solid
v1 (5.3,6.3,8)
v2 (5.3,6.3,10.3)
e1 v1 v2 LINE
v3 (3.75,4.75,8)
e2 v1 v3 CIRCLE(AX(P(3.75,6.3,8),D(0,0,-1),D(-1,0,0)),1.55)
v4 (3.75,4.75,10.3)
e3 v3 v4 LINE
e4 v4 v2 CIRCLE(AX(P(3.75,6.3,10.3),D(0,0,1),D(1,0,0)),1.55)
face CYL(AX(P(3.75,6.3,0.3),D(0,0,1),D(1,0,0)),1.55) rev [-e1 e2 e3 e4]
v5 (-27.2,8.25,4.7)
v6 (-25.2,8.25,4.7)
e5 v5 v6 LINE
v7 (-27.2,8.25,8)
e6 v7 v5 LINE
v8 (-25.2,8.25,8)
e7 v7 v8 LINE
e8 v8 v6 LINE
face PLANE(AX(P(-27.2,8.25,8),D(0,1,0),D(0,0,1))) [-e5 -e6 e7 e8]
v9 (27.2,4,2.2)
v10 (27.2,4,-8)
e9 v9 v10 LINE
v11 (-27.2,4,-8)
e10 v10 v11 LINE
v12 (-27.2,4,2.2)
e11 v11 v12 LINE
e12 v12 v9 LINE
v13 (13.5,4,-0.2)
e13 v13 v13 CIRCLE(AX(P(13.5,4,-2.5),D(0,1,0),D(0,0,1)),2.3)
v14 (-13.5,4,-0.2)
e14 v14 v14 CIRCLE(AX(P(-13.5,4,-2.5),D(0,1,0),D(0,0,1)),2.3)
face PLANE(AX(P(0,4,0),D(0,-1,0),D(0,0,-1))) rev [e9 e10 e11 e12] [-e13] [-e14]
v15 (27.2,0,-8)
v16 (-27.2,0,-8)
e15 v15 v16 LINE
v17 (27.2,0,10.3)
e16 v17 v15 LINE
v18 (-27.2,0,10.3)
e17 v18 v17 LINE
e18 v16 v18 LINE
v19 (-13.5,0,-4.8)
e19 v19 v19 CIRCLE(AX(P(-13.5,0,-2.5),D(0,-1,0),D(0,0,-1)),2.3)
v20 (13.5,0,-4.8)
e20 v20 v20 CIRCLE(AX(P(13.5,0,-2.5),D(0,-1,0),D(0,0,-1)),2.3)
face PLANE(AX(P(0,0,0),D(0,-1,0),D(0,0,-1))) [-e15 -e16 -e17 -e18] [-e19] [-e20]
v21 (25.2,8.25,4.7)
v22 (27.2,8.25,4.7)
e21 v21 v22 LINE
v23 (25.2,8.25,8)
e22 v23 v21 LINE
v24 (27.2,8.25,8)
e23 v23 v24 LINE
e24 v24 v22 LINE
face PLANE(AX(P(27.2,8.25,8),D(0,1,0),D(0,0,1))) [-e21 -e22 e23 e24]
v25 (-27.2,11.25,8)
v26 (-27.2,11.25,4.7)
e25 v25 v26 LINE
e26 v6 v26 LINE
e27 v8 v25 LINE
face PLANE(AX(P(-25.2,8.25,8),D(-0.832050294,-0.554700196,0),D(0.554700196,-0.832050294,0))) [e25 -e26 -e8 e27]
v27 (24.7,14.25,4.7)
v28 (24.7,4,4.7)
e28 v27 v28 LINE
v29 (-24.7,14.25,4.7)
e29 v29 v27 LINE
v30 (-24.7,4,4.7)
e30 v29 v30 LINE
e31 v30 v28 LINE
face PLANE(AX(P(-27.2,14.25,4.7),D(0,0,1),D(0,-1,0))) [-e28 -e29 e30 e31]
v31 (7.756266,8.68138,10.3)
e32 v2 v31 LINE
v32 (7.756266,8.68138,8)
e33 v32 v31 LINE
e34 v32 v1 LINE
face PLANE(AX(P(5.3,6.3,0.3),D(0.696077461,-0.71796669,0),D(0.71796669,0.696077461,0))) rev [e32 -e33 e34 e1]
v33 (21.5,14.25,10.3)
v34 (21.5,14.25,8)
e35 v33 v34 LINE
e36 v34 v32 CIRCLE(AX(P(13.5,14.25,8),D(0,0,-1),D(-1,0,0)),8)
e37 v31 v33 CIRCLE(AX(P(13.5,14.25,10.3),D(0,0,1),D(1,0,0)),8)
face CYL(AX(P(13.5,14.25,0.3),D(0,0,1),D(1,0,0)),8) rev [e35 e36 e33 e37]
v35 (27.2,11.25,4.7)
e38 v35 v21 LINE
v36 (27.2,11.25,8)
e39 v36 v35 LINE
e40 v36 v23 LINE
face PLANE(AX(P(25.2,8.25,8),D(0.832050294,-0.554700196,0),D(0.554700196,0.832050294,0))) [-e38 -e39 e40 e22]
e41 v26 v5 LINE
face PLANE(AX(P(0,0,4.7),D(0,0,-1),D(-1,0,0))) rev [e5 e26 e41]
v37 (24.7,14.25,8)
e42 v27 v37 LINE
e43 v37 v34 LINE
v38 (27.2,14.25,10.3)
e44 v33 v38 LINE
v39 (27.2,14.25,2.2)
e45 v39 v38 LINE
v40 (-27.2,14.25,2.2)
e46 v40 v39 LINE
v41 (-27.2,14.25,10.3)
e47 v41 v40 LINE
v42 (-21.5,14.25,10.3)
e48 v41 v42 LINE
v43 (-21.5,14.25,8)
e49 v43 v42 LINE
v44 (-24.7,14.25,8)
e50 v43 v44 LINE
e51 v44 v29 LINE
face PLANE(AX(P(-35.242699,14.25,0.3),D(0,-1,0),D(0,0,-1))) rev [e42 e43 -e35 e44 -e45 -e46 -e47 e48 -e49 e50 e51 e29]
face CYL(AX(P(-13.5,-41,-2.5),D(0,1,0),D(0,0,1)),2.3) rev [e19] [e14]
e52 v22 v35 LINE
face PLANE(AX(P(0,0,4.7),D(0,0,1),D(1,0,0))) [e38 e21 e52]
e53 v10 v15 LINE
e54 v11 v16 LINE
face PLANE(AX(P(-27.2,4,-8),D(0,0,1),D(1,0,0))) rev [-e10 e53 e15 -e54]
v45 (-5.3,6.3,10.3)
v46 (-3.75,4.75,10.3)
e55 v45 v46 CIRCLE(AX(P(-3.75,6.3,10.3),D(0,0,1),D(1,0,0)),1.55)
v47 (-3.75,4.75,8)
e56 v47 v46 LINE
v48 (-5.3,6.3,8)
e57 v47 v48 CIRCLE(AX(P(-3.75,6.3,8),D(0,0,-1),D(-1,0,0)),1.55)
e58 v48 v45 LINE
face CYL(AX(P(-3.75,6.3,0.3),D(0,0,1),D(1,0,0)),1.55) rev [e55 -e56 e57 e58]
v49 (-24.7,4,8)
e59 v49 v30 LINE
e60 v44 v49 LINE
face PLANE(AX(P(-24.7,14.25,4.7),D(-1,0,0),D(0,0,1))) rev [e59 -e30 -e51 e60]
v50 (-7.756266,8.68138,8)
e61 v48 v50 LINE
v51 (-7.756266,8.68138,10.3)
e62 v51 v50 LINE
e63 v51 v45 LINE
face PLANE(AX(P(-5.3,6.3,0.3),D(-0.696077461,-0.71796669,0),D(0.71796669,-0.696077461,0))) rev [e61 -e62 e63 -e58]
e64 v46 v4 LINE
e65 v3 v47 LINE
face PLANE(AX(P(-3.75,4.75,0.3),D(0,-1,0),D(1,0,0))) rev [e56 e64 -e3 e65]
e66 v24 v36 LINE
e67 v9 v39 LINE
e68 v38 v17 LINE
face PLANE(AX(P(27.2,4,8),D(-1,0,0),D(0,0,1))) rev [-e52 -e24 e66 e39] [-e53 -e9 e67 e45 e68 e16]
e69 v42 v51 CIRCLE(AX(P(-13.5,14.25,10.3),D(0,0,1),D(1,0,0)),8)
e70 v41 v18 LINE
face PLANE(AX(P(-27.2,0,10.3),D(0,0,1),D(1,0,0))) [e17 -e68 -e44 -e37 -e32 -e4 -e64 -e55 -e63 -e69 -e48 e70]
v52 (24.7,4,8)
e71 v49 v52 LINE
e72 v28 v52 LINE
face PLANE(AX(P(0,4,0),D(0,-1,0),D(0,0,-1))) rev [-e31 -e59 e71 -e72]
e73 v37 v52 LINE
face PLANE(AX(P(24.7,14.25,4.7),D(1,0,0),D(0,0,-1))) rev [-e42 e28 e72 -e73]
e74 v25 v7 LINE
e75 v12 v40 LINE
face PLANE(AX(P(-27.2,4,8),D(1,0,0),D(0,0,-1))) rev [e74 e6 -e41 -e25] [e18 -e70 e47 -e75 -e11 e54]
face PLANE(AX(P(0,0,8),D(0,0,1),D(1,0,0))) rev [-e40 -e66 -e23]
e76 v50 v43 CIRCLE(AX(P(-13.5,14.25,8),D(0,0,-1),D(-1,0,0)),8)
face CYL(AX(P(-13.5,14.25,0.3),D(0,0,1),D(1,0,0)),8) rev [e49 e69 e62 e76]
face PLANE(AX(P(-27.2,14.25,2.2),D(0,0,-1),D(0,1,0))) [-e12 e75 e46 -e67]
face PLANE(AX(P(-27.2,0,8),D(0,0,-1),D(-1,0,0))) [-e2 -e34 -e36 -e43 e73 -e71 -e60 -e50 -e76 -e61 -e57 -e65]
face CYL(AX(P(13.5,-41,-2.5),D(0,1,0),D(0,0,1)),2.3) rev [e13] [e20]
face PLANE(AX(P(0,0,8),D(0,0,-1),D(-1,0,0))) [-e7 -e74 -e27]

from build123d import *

# Parameters (mm, degrees)
SKETCH2_W           = 54.4
SKETCH2_H           = 16
BOSS_EXTRUDE1_DEPTH = 4
SKETCH3_W           = 2.3
SKETCH3_H           = 24
BOSS_EXTRUDE2_DEPTH = 54.4
SKETCH4_R           = 2.3
CUT_EXTRUDE1_DEPTH  = 45
CUT_EXTRUDE3_DEPTH  = 10
SKETCH5_R           = 8
CUT_EXTRUDE2_DEPTH  = 10
CUT_EXTRUDE4_DEPTH  = 10
SKETCH8_W           = 2.5
SKETCH8_H           = 10.25
BOSS_EXTRUDE3_DEPTH = 54.4
SKETCH9_W           = 2.5
SKETCH9_H           = 3.3
BOSS_EXTRUDE4_DEPTH = 10.25
CUT_EXTRUDE5_DEPTH  = 3.3


with BuildPart() as part:
    # Sketch2 → Boss-Extrude1 (new body)
    with BuildSketch(Plane(origin=(0, 0, 0), x_dir=(1, 0, 0), z_dir=(0, 1, 0))):
        Rectangle(SKETCH2_W, SKETCH2_H)
    extrude(amount=BOSS_EXTRUDE1_DEPTH)

    # Sketch3 → Boss-Extrude2 (add)
    with BuildSketch(Plane(origin=(27.2, 0, 0), x_dir=(0, 0, -1), z_dir=(1, 0, 0))):
        with Locations((-9.15, 12)):
            Rectangle(SKETCH3_W, SKETCH3_H)
    extrude(amount=-BOSS_EXTRUDE2_DEPTH)

    # Sketch4 → Cut-Extrude1 (cut)
    with BuildSketch(Plane(origin=(0, 4, 0), x_dir=(1, 0, 0), z_dir=(0, 1, 0))):
        with Locations((-13.5, 2.5)):
            Circle(SKETCH4_R)
        with Locations((13.5, 2.5)):
            Circle(SKETCH4_R)
    extrude(amount=-CUT_EXTRUDE1_DEPTH, mode=Mode.SUBTRACT)

    # Sketch6 → Cut-Extrude3 (cut)
    with BuildSketch(Plane.XY.offset(10.3)):
        with BuildLine():
            Line((-3.75, 7.85), (3.75, 7.85))
            ThreePointArc((3.75, 7.85), (5.3, 6.3), (3.75, 4.75))
            Line((3.75, 4.75), (-3.75, 4.75))
            ThreePointArc((-3.75, 4.75), (-5.3, 6.3), (-3.75, 7.85))
        make_face()
    extrude(amount=-CUT_EXTRUDE3_DEPTH, mode=Mode.SUBTRACT)

    # Sketch5 → Cut-Extrude2 (cut)
    with BuildSketch(Plane.XY.offset(10.3)):
        with Locations((-13.5, 14.25)):
            Circle(SKETCH5_R)
        with Locations((13.5, 14.25)):
            Circle(SKETCH5_R)
    extrude(amount=-CUT_EXTRUDE2_DEPTH, mode=Mode.SUBTRACT)

    # Sketch7 → Cut-Extrude4 (cut)
    with BuildSketch(Plane.XY.offset(10.3)):
        Polygon((-35.24269893, 14.25), (-13.5, 14.25), (-5.3, 6.3), (0, 6.5), (5.3, 6.3), (13.5, 14.25), (21.5, 14.25), (36.006358293, 14.25), (36.006358293, 27.887641337), (-35.24269893, 27.887641337), align=None)
    extrude(amount=-CUT_EXTRUDE4_DEPTH, mode=Mode.SUBTRACT)

    # Sketch8 → Boss-Extrude3 (add)
    with BuildSketch(Plane(origin=(27.2, 0, 0), x_dir=(0, 0, -1), z_dir=(1, 0, 0))):
        with Locations((-3.45, 9.125)):
            Rectangle(SKETCH8_W, SKETCH8_H)
    extrude(amount=-BOSS_EXTRUDE3_DEPTH)

    # Sketch9 → Boss-Extrude4 (add)
    with BuildSketch(Plane(origin=(0, 4, 0), x_dir=(1, 0, 0), z_dir=(0, 1, 0))):
        with Locations((-25.95, -6.35)):
            Rectangle(SKETCH9_W, SKETCH9_H)
        with Locations((25.95, -6.35)):
            Rectangle(SKETCH9_W, SKETCH9_H)
    extrude(amount=BOSS_EXTRUDE4_DEPTH)

    # Sketch10 → Cut-Extrude5 (cut)
    with BuildSketch(Plane.XY.offset(4.7)):
        Polygon((-27.2, 8.25), (-25.2, 8.25), (-27.2, 11.25), align=None)
        Polygon((27.2, 11.25), (27.2, 8.25), (25.2, 8.25), align=None)
    extrude(amount=CUT_EXTRUDE5_DEPTH, mode=Mode.SUBTRACT)


solid = part.part
